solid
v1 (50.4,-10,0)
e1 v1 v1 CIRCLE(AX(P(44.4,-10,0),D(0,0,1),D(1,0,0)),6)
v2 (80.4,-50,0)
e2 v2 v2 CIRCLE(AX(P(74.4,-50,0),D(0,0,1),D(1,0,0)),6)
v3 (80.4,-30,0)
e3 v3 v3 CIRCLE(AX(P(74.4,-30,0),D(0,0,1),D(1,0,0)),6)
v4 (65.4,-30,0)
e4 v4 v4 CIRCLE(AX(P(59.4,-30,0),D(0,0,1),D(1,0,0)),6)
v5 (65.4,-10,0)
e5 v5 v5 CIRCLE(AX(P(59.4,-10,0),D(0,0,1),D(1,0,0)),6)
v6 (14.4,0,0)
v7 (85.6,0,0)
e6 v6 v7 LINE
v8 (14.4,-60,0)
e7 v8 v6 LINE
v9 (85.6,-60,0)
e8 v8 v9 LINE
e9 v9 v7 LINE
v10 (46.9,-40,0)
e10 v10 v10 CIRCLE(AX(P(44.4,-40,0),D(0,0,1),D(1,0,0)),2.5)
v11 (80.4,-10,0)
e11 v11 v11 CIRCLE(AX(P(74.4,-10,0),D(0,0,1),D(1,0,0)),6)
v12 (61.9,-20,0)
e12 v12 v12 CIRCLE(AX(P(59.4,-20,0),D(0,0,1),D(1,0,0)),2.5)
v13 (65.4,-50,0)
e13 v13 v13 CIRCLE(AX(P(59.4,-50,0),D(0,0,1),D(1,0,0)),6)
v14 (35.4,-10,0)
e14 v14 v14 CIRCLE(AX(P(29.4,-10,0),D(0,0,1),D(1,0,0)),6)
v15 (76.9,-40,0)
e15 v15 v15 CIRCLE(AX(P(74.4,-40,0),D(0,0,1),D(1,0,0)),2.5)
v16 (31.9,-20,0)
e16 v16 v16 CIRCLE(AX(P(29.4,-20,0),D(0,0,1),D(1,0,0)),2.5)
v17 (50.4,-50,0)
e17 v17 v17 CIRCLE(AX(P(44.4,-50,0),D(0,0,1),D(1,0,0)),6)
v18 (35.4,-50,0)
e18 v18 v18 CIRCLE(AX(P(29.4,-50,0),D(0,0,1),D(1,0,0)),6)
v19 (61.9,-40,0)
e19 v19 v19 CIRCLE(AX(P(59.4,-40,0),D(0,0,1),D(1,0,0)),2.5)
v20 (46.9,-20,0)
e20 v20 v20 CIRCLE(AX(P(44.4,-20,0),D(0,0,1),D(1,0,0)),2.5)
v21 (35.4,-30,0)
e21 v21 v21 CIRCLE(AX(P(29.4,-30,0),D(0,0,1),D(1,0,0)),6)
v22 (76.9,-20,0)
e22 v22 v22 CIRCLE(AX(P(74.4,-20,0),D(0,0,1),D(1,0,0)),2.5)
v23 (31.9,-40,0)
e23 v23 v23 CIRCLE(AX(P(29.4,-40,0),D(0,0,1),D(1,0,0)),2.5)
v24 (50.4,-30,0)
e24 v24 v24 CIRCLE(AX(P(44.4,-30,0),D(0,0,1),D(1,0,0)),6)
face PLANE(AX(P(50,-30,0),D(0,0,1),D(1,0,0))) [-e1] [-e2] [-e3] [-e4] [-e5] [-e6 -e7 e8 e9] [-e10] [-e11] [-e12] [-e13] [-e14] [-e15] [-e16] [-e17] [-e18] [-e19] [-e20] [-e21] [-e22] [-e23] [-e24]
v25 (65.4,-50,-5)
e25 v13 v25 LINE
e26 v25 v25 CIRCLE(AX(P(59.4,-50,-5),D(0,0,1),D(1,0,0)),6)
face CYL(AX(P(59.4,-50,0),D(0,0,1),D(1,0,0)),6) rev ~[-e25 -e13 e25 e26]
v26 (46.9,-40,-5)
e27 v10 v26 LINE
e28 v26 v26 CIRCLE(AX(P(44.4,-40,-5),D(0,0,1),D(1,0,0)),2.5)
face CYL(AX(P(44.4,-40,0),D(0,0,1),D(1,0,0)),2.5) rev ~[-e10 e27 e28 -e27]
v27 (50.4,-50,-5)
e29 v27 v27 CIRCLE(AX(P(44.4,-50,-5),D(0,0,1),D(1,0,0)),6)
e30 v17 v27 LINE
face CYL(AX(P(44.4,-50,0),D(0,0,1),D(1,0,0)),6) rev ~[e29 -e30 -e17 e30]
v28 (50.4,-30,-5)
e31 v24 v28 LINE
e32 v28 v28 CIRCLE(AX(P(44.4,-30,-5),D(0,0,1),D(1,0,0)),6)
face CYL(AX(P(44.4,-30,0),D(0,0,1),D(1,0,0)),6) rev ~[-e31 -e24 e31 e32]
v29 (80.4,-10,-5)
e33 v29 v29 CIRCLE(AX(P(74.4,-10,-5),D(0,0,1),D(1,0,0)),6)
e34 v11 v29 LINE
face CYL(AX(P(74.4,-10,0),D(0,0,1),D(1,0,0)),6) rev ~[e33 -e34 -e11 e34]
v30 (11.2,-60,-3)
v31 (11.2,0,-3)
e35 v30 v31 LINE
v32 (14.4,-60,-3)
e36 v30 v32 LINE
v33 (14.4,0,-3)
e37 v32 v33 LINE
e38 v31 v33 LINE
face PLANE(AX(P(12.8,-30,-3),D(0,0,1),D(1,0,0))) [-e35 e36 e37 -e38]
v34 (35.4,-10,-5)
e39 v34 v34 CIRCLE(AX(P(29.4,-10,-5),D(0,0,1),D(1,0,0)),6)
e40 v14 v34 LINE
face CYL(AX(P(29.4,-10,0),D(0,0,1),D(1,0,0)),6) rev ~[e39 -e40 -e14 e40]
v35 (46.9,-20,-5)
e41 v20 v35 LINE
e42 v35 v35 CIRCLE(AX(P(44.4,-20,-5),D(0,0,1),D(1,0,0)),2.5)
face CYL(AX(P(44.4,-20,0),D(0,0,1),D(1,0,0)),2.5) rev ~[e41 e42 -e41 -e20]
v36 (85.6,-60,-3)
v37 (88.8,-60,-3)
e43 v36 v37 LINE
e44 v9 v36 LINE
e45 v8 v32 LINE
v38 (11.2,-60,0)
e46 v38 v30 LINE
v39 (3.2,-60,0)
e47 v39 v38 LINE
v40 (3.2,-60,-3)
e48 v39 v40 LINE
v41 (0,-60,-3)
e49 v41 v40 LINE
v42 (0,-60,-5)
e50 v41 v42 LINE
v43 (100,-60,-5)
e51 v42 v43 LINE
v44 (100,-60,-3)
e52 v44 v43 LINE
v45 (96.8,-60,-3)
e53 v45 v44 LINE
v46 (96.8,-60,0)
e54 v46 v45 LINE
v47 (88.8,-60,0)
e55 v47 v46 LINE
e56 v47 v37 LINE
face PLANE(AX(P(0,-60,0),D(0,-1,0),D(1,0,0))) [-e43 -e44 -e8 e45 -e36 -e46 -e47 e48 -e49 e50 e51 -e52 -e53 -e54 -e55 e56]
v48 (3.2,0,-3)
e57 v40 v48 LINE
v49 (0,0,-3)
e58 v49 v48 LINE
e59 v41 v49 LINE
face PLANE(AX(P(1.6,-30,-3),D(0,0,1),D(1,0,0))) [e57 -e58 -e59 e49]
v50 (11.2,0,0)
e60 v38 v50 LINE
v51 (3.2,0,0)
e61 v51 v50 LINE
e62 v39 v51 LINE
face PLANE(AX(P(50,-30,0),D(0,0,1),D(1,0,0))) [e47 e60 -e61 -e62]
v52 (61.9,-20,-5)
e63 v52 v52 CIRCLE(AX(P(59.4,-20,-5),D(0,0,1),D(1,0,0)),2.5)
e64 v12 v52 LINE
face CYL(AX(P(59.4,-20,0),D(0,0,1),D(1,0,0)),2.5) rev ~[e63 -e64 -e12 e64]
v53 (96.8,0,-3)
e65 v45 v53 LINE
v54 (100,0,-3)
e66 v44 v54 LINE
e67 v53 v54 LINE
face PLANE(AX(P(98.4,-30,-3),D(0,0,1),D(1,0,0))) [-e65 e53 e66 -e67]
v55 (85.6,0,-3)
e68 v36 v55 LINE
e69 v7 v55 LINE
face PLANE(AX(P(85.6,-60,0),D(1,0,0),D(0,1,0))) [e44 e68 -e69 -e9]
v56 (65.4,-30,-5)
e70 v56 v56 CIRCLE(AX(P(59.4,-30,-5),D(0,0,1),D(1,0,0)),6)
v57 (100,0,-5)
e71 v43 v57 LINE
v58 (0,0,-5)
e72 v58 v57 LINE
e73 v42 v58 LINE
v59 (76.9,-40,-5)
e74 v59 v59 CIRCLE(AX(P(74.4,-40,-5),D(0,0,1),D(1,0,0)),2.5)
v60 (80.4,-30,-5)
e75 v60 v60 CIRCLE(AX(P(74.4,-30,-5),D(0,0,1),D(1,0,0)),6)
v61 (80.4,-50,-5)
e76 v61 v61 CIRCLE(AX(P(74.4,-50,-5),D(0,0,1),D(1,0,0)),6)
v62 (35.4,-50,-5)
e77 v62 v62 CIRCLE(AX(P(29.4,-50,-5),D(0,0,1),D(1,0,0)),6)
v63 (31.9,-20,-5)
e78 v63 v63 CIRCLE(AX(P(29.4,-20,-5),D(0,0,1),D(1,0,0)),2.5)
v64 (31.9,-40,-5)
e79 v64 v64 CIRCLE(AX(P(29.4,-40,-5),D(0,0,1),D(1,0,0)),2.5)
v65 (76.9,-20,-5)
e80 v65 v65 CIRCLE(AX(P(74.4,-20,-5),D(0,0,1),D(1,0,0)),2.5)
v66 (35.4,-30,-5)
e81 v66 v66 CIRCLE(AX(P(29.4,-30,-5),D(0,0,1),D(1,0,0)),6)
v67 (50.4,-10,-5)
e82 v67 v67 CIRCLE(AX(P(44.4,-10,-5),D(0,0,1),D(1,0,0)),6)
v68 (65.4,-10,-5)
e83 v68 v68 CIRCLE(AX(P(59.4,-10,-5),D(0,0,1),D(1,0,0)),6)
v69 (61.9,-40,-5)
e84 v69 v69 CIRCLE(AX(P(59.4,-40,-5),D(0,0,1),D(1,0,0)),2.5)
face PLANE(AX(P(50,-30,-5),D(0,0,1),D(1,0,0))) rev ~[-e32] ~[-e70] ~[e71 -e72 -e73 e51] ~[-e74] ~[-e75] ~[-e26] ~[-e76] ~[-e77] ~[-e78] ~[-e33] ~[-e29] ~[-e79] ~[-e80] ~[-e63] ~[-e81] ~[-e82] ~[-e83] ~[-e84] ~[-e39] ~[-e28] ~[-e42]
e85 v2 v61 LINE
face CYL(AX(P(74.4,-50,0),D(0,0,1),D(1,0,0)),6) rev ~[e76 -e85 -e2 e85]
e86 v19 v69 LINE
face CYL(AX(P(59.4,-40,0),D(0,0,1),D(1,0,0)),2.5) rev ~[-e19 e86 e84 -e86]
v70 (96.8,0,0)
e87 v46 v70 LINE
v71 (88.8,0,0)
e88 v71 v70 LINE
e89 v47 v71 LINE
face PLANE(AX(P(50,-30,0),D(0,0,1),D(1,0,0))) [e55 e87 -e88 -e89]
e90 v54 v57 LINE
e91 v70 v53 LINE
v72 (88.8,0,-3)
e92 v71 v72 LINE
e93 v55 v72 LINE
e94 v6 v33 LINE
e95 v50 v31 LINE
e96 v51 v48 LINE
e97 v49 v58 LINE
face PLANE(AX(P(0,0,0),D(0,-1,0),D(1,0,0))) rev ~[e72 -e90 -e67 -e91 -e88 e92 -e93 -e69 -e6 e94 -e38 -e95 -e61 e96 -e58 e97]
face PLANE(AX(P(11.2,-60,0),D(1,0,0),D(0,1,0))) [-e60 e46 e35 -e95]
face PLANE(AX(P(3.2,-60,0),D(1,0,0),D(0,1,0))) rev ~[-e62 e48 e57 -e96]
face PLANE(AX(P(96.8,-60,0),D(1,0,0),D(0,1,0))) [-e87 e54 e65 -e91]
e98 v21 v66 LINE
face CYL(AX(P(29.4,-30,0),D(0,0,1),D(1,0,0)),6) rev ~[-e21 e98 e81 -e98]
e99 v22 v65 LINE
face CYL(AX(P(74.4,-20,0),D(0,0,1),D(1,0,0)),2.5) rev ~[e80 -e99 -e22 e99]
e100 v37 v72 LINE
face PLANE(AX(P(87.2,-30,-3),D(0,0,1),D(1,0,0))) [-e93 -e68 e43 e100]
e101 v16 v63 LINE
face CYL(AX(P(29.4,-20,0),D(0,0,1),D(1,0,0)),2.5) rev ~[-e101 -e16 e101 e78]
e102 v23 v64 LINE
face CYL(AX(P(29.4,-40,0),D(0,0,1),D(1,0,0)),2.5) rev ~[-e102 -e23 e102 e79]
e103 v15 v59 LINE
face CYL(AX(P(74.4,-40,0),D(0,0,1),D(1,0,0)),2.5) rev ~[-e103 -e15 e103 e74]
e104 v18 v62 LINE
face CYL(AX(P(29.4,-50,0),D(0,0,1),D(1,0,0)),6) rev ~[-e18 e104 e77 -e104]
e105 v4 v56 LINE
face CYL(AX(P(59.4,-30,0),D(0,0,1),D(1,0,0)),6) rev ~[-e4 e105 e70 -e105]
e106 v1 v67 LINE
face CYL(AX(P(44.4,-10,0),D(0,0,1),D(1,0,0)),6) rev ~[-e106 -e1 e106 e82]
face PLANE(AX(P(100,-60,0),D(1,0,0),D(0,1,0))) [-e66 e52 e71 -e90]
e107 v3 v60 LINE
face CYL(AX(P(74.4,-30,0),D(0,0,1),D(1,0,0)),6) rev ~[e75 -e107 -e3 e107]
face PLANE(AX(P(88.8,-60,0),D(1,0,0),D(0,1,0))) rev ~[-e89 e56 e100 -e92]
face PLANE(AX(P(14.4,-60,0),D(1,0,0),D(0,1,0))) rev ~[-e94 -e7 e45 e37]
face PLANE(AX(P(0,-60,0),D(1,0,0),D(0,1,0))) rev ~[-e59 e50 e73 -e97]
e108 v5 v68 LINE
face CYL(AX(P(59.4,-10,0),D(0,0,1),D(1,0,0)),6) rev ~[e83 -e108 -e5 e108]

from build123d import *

# Parameters (mm, degrees)
F0_W     = 100
F0_H     = 60
F1_DEPTH = 5
F2_W     = 3.2
F2_H     = 60
F3_DEPTH = 3
F4_R     = 6
F4_R_2   = 2.5
F5_DEPTH = 5


with BuildPart() as f1:
    # F0 (on Top) → F1 (new body)
    with BuildSketch(Plane.XY):
        with Locations((50, -30)):
            Rectangle(F0_W, F0_H)
    extrude(amount=-F1_DEPTH)

    # F2 (on face) → F3 (cut)
    with BuildSketch(Plane.XY):
        with Locations((1.6, -30)):
            Rectangle(F2_W, F2_H)
        with Locations((12.8, -30)):
            Rectangle(F2_W, F2_H)
        with Locations((87.2, -30)):
            Rectangle(F2_W, F2_H)
        with Locations((98.4, -30)):
            Rectangle(F2_W, F2_H)
    extrude(amount=-F3_DEPTH, mode=Mode.SUBTRACT)

    # F4 (on face) → F5 (cut)
    with BuildSketch(Plane.XY):
        with Locations((29.4, -50)):
            Circle(F4_R)
        with Locations((44.4, -50)):
            Circle(F4_R)
        with Locations((59.4, -50)):
            Circle(F4_R)
        with Locations((74.4, -50)):
            Circle(F4_R)
        with Locations((74.4, -40)):
            Circle(F4_R_2)
        with Locations((59.4, -40)):
            Circle(F4_R_2)
        with Locations((44.4, -40)):
            Circle(F4_R_2)
        with Locations((29.4, -40)):
            Circle(F4_R_2)
        with Locations((29.4, -30)):
            Circle(F4_R)
        with Locations((44.4, -30)):
            Circle(F4_R)
        with Locations((59.4, -30)):
            Circle(F4_R)
        with Locations((74.4, -30)):
            Circle(F4_R)
        with Locations((74.4, -20)):
            Circle(F4_R_2)
        with Locations((59.4, -20)):
            Circle(F4_R_2)
        with Locations((44.4, -20)):
            Circle(F4_R_2)
        with Locations((29.4, -20)):
            Circle(F4_R_2)
        with Locations((74.4, -10)):
            Circle(F4_R)
        with Locations((59.4, -10)):
            Circle(F4_R)
        with Locations((44.4, -10)):
            Circle(F4_R)
        with Locations((29.4, -10)):
            Circle(F4_R)
    extrude(amount=-F5_DEPTH, mode=Mode.SUBTRACT)


solid = f1.part
